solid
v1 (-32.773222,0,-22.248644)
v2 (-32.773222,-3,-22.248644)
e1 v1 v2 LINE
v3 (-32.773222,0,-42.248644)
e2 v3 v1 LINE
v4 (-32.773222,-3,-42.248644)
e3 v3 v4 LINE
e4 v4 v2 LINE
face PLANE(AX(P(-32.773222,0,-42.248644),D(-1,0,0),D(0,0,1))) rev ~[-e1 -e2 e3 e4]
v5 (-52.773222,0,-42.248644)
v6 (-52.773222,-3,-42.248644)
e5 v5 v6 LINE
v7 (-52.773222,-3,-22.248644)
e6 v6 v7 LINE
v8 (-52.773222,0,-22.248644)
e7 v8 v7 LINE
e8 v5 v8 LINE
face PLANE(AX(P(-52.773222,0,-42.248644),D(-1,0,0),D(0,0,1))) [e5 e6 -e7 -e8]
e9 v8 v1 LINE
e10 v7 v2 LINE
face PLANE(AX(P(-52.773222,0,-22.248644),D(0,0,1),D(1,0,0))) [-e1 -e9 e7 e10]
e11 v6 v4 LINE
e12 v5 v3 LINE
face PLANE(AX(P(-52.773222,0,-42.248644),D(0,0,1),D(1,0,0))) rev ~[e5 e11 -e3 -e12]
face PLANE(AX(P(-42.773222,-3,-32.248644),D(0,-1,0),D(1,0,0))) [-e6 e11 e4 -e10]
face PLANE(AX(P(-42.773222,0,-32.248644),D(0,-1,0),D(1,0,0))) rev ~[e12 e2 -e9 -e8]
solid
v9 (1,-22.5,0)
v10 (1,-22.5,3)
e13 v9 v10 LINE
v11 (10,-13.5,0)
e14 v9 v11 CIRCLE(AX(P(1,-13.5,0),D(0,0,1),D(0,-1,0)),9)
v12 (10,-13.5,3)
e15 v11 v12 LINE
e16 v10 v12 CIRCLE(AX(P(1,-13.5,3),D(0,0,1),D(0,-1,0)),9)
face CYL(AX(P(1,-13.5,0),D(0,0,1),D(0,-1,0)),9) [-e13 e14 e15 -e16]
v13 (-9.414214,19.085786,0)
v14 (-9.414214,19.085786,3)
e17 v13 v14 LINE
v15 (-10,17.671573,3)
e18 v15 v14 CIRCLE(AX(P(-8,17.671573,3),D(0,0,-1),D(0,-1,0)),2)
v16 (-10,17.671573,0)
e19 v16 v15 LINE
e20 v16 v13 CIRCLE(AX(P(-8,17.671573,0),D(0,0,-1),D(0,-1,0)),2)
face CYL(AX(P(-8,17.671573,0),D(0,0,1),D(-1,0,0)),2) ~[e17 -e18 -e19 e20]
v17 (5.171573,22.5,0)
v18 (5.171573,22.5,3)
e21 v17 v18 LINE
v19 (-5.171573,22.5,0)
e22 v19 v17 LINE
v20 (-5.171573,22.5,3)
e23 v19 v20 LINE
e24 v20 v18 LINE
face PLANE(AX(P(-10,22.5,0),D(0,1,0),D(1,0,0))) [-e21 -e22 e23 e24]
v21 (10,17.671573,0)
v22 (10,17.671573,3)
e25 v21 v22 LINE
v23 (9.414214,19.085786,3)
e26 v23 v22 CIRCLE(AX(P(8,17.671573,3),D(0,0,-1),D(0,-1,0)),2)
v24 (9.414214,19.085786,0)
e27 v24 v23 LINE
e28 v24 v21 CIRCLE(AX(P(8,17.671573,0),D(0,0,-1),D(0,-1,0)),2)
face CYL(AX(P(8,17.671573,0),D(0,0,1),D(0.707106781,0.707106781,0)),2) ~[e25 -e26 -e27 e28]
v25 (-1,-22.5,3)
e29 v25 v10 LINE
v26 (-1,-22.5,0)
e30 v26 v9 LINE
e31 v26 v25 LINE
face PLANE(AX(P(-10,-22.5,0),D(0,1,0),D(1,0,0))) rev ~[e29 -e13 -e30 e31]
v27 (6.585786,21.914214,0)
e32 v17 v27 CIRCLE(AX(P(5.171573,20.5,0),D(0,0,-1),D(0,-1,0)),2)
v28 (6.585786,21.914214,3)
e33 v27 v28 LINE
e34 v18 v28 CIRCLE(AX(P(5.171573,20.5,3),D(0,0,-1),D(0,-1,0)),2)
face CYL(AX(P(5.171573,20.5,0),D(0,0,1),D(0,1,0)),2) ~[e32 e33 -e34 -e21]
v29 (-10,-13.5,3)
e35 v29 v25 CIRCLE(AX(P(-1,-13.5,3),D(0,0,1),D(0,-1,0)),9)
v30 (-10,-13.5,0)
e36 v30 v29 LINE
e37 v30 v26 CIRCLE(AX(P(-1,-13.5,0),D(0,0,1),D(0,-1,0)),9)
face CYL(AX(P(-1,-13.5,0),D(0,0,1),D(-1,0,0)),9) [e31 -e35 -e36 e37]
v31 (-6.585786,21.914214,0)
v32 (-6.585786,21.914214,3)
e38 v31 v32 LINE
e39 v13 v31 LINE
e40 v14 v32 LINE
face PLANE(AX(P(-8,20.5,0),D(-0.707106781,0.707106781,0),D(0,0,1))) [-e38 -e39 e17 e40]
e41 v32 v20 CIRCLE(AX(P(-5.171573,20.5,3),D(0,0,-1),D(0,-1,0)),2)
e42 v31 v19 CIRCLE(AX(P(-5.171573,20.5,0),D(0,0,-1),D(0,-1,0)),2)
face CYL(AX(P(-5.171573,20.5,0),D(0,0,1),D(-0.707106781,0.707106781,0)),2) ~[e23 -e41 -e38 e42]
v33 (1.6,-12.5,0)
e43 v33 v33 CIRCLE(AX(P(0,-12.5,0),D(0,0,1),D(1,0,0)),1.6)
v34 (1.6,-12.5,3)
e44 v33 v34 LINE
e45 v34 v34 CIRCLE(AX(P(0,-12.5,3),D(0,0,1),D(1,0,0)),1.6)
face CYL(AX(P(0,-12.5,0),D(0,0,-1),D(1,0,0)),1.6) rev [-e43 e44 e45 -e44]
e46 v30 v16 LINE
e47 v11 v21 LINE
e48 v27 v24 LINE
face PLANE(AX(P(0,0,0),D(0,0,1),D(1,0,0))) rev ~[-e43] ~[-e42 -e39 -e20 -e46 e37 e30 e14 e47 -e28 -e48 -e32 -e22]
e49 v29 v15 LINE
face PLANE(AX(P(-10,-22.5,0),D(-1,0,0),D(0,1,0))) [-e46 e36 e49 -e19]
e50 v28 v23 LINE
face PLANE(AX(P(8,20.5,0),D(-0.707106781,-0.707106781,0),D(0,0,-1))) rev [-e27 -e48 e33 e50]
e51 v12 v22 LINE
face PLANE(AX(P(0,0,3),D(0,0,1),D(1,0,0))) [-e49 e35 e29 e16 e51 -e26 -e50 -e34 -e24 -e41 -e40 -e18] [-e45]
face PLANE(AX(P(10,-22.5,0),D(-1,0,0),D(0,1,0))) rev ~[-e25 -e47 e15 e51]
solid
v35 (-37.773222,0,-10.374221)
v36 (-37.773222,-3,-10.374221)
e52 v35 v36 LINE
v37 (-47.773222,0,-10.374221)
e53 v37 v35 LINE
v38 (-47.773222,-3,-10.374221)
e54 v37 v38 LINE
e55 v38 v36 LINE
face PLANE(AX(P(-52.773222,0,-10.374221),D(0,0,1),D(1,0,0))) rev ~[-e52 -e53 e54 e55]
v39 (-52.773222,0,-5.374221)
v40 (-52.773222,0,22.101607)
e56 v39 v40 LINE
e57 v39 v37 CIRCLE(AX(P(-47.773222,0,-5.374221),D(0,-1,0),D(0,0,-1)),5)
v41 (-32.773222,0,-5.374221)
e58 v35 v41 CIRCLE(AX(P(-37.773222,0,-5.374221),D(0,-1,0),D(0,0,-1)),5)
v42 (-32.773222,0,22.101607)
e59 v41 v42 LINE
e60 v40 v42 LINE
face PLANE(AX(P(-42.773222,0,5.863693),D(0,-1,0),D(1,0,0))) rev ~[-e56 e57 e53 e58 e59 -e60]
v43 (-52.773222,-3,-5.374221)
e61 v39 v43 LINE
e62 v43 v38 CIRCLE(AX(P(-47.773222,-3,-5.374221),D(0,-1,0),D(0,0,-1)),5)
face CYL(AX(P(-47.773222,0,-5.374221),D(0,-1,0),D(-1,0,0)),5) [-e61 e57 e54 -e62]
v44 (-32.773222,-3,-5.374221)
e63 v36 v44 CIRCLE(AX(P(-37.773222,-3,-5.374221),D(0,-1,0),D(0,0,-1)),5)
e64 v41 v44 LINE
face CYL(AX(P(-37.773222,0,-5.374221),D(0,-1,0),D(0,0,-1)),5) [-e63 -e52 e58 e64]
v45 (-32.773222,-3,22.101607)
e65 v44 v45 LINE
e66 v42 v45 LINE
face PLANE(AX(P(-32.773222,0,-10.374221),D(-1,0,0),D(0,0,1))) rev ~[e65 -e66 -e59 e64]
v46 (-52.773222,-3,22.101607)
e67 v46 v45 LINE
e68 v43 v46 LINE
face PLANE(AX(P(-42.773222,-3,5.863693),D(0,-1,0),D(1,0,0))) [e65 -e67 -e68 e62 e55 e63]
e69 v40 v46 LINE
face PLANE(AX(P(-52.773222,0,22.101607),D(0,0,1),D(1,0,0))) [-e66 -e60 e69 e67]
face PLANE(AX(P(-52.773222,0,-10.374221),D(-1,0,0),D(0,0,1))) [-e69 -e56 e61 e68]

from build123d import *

# Parameters (mm, degrees)
F0_W     = 20
F0_H     = 45
F0_R     = 1.6
F1_DEPTH = 3
F2_R     = 9
F3_SIZE  = 4
F4_R     = 2
F5_W     = 20
F5_H     = 20
F6_DEPTH = 3
F5_H_2   = 32.4758281931
F7_R     = 5


with BuildPart() as f1:
    # F0 (on Top) → F1 (new body)
    with BuildSketch(Plane.XY):
        Rectangle(F0_W, F0_H)
        with Locations((0, -12.5)):
            Circle(F0_R, mode=Mode.SUBTRACT)
    extrude(amount=F1_DEPTH)

    # F2
    f2_edges = [f1.edges().sort_by_distance(p)[0] for p in [
        (10, -22.5, 1.5),
        (-10, -22.5, 1.5),
    ]]
    fillet(f2_edges, radius=F2_R)

    # F3
    f3_edges = [f1.edges().sort_by_distance(p)[0] for p in [
        (-10, 22.5, 1.5),
        (10, 22.5, 1.5),
    ]]
    chamfer(f3_edges, length=F3_SIZE)

    # F4
    f4_edges = [f1.edges().sort_by_distance(p)[0] for p in [
        (-6, 22.5, 1.5),
        (6, 22.5, 1.5),
        (10, 18.5, 1.5),
        (-10, 18.5, 1.5),
    ]]
    fillet(f4_edges, radius=F4_R)


with BuildPart() as f6:
    # F5 (on Front) → F6 (new body)
    with BuildSketch(Plane.XZ):
        with Locations((-42.7732223272, -32.2486439347)):
            Rectangle(F5_W, F5_H)
    extrude(amount=F6_DEPTH)


with BuildPart() as f6b:
    # F5 (on Front) → F6, piece 2 (new body)
    with BuildSketch(Plane.XZ):
        with Locations((-42.7732223272, 5.8636930771)):
            Rectangle(F5_W, F5_H_2)
    extrude(amount=F6_DEPTH)

    # F7
    f7_edges = [f6b.edges().sort_by_distance(p)[0] for p in [
        (-32.773222, -1.5, -10.374221),
        (-52.773222, -1.5, -10.374221),
    ]]
    fillet(f7_edges, radius=F7_R)


solid = Compound([f1.part, f6.part, f6b.part])
